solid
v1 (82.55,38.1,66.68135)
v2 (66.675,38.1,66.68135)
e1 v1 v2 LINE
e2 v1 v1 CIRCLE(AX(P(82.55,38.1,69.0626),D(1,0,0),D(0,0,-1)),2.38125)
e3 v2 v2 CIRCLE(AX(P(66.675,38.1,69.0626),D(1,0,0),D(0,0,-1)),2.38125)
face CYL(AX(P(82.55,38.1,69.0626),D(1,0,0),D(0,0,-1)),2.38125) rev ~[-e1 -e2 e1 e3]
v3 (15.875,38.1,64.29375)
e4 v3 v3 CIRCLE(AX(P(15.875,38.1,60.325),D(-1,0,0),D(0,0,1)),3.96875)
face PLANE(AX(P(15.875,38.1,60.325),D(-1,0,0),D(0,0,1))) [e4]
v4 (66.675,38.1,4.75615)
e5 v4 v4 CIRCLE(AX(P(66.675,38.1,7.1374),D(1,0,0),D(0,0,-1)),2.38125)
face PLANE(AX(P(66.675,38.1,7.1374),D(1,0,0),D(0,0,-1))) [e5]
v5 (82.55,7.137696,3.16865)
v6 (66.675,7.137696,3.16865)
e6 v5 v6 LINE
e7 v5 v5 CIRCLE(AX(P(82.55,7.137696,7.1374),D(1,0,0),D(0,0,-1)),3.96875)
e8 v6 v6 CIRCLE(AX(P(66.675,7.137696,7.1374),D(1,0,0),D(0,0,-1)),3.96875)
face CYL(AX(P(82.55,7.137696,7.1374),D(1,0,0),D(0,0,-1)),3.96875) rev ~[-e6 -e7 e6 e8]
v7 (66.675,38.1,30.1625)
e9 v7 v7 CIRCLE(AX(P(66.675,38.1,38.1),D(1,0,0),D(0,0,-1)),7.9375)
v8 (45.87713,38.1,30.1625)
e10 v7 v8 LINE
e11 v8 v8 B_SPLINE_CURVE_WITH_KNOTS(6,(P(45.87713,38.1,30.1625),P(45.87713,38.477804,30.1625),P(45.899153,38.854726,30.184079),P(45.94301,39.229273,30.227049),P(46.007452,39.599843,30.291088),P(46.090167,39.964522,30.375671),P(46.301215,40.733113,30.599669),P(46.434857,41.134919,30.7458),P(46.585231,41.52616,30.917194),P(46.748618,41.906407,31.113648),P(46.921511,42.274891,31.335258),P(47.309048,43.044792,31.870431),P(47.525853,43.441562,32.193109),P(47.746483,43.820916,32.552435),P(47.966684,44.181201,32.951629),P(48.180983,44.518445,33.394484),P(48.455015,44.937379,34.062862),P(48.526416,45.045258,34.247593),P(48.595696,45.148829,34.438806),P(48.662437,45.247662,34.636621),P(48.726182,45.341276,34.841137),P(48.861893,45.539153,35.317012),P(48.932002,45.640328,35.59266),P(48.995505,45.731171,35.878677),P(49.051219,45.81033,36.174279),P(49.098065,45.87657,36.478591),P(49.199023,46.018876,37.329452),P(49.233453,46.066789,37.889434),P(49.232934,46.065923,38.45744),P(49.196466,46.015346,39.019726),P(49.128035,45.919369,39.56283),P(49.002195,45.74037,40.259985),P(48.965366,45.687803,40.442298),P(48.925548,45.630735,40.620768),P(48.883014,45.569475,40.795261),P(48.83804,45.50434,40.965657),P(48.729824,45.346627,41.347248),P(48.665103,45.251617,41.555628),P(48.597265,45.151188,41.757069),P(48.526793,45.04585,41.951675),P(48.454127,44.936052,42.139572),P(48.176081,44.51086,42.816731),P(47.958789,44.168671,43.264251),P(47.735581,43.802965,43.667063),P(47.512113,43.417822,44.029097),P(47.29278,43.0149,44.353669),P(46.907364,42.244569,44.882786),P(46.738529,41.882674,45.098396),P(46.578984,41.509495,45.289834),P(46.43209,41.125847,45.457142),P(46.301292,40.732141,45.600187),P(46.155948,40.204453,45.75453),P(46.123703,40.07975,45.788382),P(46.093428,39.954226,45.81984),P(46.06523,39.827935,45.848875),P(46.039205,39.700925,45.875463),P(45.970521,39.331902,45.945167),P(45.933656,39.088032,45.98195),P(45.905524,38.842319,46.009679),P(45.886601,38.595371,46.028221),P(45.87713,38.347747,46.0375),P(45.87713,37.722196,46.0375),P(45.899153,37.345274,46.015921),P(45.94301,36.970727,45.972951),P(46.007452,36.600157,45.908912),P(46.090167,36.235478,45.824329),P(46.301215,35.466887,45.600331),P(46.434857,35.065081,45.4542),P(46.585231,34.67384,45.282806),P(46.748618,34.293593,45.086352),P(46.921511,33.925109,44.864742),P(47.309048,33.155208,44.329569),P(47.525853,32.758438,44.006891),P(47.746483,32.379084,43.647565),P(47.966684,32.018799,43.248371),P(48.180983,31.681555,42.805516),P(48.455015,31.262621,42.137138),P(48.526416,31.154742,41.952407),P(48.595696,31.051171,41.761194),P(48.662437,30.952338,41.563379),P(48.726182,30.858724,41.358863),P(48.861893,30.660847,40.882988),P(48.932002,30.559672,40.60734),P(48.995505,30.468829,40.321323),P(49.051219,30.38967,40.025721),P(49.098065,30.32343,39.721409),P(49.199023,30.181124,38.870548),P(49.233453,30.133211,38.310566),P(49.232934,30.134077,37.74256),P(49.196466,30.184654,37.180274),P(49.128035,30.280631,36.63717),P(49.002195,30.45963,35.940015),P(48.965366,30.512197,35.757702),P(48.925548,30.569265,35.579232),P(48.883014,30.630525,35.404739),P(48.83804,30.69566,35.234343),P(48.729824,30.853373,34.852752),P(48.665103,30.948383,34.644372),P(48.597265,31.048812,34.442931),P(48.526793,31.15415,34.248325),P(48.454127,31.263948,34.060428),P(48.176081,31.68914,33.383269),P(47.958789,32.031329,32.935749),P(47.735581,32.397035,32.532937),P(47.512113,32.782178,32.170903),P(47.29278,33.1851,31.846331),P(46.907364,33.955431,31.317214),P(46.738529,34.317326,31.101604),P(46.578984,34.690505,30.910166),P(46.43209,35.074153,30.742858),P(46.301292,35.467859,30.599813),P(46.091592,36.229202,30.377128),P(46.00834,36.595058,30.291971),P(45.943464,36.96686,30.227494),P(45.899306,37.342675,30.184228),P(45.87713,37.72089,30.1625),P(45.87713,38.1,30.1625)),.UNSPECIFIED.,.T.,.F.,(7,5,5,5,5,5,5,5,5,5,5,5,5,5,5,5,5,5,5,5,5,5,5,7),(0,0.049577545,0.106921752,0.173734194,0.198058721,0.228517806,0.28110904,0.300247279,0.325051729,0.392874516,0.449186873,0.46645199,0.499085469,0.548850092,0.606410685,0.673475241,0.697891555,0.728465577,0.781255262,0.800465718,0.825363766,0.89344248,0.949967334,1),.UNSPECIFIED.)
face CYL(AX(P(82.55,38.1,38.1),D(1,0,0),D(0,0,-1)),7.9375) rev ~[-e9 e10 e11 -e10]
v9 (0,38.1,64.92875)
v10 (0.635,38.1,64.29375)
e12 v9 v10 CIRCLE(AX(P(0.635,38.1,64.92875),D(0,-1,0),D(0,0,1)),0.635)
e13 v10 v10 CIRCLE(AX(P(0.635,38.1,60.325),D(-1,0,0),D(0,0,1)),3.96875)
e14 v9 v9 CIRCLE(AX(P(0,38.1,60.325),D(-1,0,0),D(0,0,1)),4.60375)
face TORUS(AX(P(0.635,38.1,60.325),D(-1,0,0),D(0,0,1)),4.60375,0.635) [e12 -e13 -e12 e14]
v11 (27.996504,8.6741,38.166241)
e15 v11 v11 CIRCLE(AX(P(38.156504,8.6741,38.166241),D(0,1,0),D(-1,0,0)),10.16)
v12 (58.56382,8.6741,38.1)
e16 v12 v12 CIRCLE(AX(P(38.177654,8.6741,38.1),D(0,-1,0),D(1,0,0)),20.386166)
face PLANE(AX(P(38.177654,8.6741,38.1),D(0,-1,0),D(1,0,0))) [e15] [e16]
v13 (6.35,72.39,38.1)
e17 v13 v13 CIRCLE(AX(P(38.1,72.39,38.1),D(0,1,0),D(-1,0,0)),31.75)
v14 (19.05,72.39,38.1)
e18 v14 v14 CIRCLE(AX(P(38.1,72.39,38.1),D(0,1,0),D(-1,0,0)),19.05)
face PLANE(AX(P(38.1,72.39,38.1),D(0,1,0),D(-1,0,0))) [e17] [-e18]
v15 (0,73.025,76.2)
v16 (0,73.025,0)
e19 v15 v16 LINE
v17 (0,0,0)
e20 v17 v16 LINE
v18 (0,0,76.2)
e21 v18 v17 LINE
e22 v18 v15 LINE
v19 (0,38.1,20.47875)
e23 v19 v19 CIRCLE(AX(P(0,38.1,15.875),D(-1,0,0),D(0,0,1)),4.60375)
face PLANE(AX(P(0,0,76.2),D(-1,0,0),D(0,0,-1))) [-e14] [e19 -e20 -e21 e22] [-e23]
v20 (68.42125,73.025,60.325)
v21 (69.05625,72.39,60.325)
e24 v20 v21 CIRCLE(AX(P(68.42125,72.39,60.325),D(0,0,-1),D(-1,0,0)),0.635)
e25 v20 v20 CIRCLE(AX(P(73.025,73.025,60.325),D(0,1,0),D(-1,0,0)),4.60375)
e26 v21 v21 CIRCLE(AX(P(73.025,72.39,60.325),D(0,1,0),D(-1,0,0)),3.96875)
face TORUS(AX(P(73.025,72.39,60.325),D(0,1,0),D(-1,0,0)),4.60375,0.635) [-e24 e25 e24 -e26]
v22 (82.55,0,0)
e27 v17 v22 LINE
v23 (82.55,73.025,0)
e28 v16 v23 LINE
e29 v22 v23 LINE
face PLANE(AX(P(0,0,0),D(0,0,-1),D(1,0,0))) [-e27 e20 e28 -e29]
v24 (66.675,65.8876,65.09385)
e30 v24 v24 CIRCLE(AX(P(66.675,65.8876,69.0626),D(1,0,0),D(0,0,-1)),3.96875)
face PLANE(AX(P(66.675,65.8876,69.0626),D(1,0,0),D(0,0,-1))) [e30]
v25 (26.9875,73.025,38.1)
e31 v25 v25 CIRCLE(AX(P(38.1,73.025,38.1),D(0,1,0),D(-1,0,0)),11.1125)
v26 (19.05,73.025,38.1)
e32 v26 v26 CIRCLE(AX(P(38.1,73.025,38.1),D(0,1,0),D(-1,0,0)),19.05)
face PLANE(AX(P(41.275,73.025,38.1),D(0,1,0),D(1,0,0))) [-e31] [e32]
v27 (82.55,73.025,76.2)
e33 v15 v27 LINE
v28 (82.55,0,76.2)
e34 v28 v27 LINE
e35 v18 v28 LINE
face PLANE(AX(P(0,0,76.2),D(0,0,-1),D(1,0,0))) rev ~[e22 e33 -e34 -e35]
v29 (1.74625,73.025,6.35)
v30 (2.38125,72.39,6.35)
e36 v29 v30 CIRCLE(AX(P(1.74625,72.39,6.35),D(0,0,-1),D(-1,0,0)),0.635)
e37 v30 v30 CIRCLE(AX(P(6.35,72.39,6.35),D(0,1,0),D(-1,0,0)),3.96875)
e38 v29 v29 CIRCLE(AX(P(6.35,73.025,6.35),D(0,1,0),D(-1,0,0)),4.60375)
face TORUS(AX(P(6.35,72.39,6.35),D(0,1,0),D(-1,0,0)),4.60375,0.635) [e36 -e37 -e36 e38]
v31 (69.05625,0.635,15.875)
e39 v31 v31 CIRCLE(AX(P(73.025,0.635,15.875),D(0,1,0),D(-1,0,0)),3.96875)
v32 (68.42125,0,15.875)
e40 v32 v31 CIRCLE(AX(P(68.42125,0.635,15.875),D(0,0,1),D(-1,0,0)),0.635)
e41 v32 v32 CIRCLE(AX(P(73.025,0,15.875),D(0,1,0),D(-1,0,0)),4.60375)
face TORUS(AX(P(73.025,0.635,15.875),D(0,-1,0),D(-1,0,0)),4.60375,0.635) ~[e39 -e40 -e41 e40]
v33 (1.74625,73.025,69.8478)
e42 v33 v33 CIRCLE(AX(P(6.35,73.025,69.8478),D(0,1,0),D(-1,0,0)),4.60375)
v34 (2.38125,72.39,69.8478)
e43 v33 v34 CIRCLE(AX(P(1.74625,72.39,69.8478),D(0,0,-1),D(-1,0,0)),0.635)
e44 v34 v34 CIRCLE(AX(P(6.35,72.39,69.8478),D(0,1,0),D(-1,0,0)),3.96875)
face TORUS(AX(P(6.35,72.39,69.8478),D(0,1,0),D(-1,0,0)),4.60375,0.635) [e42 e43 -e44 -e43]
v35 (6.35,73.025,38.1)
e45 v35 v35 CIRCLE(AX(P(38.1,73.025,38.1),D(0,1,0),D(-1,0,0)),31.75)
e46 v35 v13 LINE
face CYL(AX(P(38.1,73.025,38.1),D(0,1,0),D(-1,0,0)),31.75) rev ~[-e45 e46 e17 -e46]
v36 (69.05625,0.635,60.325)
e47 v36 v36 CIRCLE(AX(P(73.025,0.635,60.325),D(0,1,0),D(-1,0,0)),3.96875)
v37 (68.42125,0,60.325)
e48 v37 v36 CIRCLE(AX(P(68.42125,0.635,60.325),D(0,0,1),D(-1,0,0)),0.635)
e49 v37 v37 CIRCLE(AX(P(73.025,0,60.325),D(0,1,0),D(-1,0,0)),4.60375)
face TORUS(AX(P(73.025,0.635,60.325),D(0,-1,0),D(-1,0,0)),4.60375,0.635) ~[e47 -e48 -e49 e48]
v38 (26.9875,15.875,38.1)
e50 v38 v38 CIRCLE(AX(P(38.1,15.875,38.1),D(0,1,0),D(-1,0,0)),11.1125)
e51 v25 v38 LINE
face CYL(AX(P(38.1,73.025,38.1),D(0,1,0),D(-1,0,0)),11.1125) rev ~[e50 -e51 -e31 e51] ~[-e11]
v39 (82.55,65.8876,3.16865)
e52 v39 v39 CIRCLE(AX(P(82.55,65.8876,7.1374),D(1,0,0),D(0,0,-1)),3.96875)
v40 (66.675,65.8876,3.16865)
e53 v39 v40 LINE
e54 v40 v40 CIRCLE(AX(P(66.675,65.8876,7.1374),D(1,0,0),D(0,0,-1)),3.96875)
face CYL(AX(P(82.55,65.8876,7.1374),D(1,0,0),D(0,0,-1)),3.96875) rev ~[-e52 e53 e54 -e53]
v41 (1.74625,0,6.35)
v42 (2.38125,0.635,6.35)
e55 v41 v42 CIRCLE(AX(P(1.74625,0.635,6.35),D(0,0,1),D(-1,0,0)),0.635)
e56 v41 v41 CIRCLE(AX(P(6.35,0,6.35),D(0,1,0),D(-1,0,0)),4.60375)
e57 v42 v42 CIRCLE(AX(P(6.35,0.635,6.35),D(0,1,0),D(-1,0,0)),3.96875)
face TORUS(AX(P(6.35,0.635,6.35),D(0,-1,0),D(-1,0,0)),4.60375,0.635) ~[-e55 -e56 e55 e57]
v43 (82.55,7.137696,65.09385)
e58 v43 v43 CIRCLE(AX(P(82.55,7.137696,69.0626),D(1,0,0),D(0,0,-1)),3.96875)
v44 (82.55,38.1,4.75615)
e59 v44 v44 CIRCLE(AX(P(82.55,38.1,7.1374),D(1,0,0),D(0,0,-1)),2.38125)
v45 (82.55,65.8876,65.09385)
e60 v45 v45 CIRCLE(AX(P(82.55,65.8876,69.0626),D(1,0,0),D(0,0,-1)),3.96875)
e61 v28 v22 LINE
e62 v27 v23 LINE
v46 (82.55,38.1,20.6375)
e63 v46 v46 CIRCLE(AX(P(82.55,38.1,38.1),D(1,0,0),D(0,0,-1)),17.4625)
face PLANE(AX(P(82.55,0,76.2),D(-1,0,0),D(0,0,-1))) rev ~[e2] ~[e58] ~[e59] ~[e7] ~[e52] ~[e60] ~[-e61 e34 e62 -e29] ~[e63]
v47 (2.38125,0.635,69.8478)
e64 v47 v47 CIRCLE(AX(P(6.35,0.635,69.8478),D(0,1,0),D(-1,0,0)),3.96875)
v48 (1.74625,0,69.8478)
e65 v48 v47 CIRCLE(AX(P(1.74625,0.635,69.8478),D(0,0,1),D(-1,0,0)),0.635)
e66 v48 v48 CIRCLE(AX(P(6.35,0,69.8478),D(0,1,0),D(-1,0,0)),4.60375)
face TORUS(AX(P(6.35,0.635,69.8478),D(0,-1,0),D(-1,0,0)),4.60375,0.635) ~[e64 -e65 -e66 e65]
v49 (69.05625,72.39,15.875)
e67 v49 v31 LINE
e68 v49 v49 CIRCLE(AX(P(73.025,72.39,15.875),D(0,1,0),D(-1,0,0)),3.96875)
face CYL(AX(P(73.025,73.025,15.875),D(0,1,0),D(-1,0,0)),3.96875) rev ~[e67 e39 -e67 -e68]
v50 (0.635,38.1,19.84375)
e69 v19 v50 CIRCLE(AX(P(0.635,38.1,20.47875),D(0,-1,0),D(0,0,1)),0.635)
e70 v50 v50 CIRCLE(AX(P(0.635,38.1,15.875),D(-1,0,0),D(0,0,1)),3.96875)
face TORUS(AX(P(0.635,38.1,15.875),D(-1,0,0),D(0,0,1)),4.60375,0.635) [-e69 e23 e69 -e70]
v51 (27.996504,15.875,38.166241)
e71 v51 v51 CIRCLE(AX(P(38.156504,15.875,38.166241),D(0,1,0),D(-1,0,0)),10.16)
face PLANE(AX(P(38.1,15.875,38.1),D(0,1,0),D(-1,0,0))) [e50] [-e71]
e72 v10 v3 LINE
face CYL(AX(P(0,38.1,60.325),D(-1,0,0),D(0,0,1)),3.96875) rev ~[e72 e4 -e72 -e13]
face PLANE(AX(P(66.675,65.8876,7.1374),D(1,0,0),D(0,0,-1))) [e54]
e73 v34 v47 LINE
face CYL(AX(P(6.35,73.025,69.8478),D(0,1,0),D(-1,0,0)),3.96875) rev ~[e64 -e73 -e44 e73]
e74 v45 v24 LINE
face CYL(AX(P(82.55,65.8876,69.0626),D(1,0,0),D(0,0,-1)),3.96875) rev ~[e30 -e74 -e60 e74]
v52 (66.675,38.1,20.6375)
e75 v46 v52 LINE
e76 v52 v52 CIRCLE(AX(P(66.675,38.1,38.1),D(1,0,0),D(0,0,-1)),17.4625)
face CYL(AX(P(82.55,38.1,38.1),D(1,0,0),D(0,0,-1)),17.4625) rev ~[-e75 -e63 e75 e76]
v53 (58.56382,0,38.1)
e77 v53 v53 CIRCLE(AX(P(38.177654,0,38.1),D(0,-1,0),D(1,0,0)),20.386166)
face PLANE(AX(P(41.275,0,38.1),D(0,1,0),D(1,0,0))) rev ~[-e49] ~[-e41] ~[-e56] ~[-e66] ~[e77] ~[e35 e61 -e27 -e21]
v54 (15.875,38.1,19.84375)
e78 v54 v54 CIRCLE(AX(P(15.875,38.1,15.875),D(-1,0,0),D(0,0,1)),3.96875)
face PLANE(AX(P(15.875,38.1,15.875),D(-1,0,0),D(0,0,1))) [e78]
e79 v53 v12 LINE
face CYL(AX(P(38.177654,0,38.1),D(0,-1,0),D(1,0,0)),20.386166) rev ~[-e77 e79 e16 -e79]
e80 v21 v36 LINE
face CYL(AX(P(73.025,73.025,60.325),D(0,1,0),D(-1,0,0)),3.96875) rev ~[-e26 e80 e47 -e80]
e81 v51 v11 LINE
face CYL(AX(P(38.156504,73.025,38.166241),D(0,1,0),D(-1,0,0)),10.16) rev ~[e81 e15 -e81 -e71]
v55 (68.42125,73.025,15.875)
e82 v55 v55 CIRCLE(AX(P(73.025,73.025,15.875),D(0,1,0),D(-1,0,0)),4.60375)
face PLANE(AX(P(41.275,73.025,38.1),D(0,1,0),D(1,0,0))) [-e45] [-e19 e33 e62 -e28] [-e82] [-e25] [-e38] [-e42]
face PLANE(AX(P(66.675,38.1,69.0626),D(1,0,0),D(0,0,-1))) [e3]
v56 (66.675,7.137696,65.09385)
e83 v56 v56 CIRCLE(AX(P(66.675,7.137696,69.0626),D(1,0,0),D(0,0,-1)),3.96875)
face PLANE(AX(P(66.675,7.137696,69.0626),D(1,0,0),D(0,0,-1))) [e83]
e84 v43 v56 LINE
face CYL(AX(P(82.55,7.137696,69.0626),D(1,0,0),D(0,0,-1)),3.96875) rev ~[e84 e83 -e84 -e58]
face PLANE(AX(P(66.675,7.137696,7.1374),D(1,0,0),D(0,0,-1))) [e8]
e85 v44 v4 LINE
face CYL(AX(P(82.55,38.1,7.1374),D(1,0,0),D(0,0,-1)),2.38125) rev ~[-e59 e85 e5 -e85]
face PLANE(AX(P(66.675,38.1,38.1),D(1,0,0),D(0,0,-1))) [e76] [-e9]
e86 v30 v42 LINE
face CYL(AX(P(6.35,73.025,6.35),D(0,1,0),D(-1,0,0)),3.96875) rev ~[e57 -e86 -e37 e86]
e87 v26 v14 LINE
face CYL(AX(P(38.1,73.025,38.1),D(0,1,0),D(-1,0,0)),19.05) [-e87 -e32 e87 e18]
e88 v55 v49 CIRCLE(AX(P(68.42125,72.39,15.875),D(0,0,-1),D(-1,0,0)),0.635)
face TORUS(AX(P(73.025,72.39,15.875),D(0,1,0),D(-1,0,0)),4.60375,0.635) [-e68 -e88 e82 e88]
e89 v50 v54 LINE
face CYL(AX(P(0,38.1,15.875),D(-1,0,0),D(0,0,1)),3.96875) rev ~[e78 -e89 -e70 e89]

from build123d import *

# Parameters (mm, degrees)
SKETCH1_W          = 82.55
SKETCH1_H          = 76.2
EXTRUDE1_DEPTH     = 73.025
SKETCH2_R          = 10.16
SKETCH2_R_2        = 3.96875
CUT_EXTRUDE1_DEPTH = 73.025
SKETCH5_R          = 20.386166328
CUT_EXTRUDE2_DEPTH = 8.6741
SKETCH6_R          = 3.96875
CUT_EXTRUDE3_DEPTH = 15.875
FILLET1_R          = 0.635
SKETCH3_R          = 31.75
SKETCH3_R_2        = 19.05
CUT_EXTRUDE4_DEPTH = 0.635
SKETCH7_R          = 17.4625
SKETCH7_R_2        = 3.96875
SKETCH7_R_3        = 2.38125
CUT_EXTRUDE5_DEPTH = 15.875
SKETCH8_R          = 7.9375
CUT_EXTRUDE6_DEPTH = 50.8
SKETCH9_R          = 11.1125
CUT_EXTRUDE7_DEPTH = 57.15


with BuildPart() as part:
    # Sketch1 → Extrude1 (new body)
    with BuildSketch(Plane(origin=(0, 0, 0), x_dir=(1, 0, 0), z_dir=(0, 1, 0))):
        with Locations((41.275, -38.1)):
            Rectangle(SKETCH1_W, SKETCH1_H)
    extrude(amount=EXTRUDE1_DEPTH)

    # Sketch2 → Cut-Extrude1 (cut)
    with BuildSketch(Plane(origin=(0, 73.025, 0), x_dir=(-1, 0, 0), z_dir=(0, 1, 0))):
        with Locations((-38.156504372, 38.166240951)):
            Circle(SKETCH2_R)
        with Locations((-6.35, 6.35)):
            Circle(SKETCH2_R_2)
        with Locations((-6.35, 69.84780018)):
            Circle(SKETCH2_R_2)
        with Locations((-73.025, 15.875)):
            Circle(SKETCH2_R_2)
        with Locations((-73.025, 60.325)):
            Circle(SKETCH2_R_2)
    extrude(amount=-CUT_EXTRUDE1_DEPTH, mode=Mode.SUBTRACT)

    # Sketch5 → Cut-Extrude2 (cut)
    with BuildSketch(Plane.XZ):
        with Locations((38.177653641, 38.1)):
            Circle(SKETCH5_R)
    extrude(amount=-CUT_EXTRUDE2_DEPTH, mode=Mode.SUBTRACT)

    # Sketch6 → Cut-Extrude3 (cut)
    with BuildSketch(Plane.ZY):
        with Locations((15.875, 38.1)):
            Circle(SKETCH6_R)
        with Locations((60.325, 38.1)):
            Circle(SKETCH6_R)
    extrude(amount=-CUT_EXTRUDE3_DEPTH, mode=Mode.SUBTRACT)

    # Fillet1
    fillet1_edges = [part.edges().sort_by_distance(p)[0] for p in [
        (10.31875, 0, 6.35),
        (10.31875, 73.025, 6.35),
        (10.31875, 0, 69.84780018),
        (10.31875, 73.025, 69.84780018),
        (76.99375, 0, 15.875),
        (76.99375, 73.025, 15.875),
        (76.99375, 0, 60.325),
        (76.99375, 73.025, 60.325),
        (0, 38.1, 11.90625),
        (0, 38.1, 56.35625),
    ]]
    fillet(fillet1_edges, radius=FILLET1_R)

    # Sketch3 → Cut-Extrude4 (cut)
    with BuildSketch(Plane(origin=(0, 73.025, 0), x_dir=(-1, 0, 0), z_dir=(0, 1, 0))):
        with Locations((-38.1, 38.1)):
            Circle(SKETCH3_R)
        with Locations((-38.1, 38.1)):
            Circle(SKETCH3_R_2, mode=Mode.SUBTRACT)
    extrude(amount=-CUT_EXTRUDE4_DEPTH, mode=Mode.SUBTRACT)

    # Sketch7 → Cut-Extrude5 (cut)
    with BuildSketch(Plane(origin=(82.55, 0, 0), x_dir=(0, 0, -1), z_dir=(1, 0, 0))):
        with Locations((-38.1, 38.1)):
            Circle(SKETCH7_R)
        with Locations((-69.0626, 65.8876)):
            Circle(SKETCH7_R_2)
        with Locations((-7.1374, 65.8876)):
            Circle(SKETCH7_R_2)
        with Locations((-69.0626, 7.137695904)):
            Circle(SKETCH7_R_2)
        with Locations((-7.1374, 7.137695904)):
            Circle(SKETCH7_R_2)
        with Locations((-69.0626, 38.1)):
            Circle(SKETCH7_R_3)
        with Locations((-7.1374, 38.1)):
            Circle(SKETCH7_R_3)
    extrude(amount=-CUT_EXTRUDE5_DEPTH, mode=Mode.SUBTRACT)

    # Sketch8 → Cut-Extrude6 (cut)
    with BuildSketch(Plane(origin=(82.55, 0, 0), x_dir=(0, 0, -1), z_dir=(1, 0, 0))):
        with Locations((-38.1, 38.1)):
            Circle(SKETCH8_R)
    extrude(amount=-CUT_EXTRUDE6_DEPTH, mode=Mode.SUBTRACT)

    # Sketch9 → Cut-Extrude7 (cut)
    with BuildSketch(Plane(origin=(0, 73.025, 0), x_dir=(-1, 0, 0), z_dir=(0, 1, 0))):
        with Locations((-38.1, 38.1)):
            Circle(SKETCH9_R)
    extrude(amount=-CUT_EXTRUDE7_DEPTH, mode=Mode.SUBTRACT)


solid = part.part
